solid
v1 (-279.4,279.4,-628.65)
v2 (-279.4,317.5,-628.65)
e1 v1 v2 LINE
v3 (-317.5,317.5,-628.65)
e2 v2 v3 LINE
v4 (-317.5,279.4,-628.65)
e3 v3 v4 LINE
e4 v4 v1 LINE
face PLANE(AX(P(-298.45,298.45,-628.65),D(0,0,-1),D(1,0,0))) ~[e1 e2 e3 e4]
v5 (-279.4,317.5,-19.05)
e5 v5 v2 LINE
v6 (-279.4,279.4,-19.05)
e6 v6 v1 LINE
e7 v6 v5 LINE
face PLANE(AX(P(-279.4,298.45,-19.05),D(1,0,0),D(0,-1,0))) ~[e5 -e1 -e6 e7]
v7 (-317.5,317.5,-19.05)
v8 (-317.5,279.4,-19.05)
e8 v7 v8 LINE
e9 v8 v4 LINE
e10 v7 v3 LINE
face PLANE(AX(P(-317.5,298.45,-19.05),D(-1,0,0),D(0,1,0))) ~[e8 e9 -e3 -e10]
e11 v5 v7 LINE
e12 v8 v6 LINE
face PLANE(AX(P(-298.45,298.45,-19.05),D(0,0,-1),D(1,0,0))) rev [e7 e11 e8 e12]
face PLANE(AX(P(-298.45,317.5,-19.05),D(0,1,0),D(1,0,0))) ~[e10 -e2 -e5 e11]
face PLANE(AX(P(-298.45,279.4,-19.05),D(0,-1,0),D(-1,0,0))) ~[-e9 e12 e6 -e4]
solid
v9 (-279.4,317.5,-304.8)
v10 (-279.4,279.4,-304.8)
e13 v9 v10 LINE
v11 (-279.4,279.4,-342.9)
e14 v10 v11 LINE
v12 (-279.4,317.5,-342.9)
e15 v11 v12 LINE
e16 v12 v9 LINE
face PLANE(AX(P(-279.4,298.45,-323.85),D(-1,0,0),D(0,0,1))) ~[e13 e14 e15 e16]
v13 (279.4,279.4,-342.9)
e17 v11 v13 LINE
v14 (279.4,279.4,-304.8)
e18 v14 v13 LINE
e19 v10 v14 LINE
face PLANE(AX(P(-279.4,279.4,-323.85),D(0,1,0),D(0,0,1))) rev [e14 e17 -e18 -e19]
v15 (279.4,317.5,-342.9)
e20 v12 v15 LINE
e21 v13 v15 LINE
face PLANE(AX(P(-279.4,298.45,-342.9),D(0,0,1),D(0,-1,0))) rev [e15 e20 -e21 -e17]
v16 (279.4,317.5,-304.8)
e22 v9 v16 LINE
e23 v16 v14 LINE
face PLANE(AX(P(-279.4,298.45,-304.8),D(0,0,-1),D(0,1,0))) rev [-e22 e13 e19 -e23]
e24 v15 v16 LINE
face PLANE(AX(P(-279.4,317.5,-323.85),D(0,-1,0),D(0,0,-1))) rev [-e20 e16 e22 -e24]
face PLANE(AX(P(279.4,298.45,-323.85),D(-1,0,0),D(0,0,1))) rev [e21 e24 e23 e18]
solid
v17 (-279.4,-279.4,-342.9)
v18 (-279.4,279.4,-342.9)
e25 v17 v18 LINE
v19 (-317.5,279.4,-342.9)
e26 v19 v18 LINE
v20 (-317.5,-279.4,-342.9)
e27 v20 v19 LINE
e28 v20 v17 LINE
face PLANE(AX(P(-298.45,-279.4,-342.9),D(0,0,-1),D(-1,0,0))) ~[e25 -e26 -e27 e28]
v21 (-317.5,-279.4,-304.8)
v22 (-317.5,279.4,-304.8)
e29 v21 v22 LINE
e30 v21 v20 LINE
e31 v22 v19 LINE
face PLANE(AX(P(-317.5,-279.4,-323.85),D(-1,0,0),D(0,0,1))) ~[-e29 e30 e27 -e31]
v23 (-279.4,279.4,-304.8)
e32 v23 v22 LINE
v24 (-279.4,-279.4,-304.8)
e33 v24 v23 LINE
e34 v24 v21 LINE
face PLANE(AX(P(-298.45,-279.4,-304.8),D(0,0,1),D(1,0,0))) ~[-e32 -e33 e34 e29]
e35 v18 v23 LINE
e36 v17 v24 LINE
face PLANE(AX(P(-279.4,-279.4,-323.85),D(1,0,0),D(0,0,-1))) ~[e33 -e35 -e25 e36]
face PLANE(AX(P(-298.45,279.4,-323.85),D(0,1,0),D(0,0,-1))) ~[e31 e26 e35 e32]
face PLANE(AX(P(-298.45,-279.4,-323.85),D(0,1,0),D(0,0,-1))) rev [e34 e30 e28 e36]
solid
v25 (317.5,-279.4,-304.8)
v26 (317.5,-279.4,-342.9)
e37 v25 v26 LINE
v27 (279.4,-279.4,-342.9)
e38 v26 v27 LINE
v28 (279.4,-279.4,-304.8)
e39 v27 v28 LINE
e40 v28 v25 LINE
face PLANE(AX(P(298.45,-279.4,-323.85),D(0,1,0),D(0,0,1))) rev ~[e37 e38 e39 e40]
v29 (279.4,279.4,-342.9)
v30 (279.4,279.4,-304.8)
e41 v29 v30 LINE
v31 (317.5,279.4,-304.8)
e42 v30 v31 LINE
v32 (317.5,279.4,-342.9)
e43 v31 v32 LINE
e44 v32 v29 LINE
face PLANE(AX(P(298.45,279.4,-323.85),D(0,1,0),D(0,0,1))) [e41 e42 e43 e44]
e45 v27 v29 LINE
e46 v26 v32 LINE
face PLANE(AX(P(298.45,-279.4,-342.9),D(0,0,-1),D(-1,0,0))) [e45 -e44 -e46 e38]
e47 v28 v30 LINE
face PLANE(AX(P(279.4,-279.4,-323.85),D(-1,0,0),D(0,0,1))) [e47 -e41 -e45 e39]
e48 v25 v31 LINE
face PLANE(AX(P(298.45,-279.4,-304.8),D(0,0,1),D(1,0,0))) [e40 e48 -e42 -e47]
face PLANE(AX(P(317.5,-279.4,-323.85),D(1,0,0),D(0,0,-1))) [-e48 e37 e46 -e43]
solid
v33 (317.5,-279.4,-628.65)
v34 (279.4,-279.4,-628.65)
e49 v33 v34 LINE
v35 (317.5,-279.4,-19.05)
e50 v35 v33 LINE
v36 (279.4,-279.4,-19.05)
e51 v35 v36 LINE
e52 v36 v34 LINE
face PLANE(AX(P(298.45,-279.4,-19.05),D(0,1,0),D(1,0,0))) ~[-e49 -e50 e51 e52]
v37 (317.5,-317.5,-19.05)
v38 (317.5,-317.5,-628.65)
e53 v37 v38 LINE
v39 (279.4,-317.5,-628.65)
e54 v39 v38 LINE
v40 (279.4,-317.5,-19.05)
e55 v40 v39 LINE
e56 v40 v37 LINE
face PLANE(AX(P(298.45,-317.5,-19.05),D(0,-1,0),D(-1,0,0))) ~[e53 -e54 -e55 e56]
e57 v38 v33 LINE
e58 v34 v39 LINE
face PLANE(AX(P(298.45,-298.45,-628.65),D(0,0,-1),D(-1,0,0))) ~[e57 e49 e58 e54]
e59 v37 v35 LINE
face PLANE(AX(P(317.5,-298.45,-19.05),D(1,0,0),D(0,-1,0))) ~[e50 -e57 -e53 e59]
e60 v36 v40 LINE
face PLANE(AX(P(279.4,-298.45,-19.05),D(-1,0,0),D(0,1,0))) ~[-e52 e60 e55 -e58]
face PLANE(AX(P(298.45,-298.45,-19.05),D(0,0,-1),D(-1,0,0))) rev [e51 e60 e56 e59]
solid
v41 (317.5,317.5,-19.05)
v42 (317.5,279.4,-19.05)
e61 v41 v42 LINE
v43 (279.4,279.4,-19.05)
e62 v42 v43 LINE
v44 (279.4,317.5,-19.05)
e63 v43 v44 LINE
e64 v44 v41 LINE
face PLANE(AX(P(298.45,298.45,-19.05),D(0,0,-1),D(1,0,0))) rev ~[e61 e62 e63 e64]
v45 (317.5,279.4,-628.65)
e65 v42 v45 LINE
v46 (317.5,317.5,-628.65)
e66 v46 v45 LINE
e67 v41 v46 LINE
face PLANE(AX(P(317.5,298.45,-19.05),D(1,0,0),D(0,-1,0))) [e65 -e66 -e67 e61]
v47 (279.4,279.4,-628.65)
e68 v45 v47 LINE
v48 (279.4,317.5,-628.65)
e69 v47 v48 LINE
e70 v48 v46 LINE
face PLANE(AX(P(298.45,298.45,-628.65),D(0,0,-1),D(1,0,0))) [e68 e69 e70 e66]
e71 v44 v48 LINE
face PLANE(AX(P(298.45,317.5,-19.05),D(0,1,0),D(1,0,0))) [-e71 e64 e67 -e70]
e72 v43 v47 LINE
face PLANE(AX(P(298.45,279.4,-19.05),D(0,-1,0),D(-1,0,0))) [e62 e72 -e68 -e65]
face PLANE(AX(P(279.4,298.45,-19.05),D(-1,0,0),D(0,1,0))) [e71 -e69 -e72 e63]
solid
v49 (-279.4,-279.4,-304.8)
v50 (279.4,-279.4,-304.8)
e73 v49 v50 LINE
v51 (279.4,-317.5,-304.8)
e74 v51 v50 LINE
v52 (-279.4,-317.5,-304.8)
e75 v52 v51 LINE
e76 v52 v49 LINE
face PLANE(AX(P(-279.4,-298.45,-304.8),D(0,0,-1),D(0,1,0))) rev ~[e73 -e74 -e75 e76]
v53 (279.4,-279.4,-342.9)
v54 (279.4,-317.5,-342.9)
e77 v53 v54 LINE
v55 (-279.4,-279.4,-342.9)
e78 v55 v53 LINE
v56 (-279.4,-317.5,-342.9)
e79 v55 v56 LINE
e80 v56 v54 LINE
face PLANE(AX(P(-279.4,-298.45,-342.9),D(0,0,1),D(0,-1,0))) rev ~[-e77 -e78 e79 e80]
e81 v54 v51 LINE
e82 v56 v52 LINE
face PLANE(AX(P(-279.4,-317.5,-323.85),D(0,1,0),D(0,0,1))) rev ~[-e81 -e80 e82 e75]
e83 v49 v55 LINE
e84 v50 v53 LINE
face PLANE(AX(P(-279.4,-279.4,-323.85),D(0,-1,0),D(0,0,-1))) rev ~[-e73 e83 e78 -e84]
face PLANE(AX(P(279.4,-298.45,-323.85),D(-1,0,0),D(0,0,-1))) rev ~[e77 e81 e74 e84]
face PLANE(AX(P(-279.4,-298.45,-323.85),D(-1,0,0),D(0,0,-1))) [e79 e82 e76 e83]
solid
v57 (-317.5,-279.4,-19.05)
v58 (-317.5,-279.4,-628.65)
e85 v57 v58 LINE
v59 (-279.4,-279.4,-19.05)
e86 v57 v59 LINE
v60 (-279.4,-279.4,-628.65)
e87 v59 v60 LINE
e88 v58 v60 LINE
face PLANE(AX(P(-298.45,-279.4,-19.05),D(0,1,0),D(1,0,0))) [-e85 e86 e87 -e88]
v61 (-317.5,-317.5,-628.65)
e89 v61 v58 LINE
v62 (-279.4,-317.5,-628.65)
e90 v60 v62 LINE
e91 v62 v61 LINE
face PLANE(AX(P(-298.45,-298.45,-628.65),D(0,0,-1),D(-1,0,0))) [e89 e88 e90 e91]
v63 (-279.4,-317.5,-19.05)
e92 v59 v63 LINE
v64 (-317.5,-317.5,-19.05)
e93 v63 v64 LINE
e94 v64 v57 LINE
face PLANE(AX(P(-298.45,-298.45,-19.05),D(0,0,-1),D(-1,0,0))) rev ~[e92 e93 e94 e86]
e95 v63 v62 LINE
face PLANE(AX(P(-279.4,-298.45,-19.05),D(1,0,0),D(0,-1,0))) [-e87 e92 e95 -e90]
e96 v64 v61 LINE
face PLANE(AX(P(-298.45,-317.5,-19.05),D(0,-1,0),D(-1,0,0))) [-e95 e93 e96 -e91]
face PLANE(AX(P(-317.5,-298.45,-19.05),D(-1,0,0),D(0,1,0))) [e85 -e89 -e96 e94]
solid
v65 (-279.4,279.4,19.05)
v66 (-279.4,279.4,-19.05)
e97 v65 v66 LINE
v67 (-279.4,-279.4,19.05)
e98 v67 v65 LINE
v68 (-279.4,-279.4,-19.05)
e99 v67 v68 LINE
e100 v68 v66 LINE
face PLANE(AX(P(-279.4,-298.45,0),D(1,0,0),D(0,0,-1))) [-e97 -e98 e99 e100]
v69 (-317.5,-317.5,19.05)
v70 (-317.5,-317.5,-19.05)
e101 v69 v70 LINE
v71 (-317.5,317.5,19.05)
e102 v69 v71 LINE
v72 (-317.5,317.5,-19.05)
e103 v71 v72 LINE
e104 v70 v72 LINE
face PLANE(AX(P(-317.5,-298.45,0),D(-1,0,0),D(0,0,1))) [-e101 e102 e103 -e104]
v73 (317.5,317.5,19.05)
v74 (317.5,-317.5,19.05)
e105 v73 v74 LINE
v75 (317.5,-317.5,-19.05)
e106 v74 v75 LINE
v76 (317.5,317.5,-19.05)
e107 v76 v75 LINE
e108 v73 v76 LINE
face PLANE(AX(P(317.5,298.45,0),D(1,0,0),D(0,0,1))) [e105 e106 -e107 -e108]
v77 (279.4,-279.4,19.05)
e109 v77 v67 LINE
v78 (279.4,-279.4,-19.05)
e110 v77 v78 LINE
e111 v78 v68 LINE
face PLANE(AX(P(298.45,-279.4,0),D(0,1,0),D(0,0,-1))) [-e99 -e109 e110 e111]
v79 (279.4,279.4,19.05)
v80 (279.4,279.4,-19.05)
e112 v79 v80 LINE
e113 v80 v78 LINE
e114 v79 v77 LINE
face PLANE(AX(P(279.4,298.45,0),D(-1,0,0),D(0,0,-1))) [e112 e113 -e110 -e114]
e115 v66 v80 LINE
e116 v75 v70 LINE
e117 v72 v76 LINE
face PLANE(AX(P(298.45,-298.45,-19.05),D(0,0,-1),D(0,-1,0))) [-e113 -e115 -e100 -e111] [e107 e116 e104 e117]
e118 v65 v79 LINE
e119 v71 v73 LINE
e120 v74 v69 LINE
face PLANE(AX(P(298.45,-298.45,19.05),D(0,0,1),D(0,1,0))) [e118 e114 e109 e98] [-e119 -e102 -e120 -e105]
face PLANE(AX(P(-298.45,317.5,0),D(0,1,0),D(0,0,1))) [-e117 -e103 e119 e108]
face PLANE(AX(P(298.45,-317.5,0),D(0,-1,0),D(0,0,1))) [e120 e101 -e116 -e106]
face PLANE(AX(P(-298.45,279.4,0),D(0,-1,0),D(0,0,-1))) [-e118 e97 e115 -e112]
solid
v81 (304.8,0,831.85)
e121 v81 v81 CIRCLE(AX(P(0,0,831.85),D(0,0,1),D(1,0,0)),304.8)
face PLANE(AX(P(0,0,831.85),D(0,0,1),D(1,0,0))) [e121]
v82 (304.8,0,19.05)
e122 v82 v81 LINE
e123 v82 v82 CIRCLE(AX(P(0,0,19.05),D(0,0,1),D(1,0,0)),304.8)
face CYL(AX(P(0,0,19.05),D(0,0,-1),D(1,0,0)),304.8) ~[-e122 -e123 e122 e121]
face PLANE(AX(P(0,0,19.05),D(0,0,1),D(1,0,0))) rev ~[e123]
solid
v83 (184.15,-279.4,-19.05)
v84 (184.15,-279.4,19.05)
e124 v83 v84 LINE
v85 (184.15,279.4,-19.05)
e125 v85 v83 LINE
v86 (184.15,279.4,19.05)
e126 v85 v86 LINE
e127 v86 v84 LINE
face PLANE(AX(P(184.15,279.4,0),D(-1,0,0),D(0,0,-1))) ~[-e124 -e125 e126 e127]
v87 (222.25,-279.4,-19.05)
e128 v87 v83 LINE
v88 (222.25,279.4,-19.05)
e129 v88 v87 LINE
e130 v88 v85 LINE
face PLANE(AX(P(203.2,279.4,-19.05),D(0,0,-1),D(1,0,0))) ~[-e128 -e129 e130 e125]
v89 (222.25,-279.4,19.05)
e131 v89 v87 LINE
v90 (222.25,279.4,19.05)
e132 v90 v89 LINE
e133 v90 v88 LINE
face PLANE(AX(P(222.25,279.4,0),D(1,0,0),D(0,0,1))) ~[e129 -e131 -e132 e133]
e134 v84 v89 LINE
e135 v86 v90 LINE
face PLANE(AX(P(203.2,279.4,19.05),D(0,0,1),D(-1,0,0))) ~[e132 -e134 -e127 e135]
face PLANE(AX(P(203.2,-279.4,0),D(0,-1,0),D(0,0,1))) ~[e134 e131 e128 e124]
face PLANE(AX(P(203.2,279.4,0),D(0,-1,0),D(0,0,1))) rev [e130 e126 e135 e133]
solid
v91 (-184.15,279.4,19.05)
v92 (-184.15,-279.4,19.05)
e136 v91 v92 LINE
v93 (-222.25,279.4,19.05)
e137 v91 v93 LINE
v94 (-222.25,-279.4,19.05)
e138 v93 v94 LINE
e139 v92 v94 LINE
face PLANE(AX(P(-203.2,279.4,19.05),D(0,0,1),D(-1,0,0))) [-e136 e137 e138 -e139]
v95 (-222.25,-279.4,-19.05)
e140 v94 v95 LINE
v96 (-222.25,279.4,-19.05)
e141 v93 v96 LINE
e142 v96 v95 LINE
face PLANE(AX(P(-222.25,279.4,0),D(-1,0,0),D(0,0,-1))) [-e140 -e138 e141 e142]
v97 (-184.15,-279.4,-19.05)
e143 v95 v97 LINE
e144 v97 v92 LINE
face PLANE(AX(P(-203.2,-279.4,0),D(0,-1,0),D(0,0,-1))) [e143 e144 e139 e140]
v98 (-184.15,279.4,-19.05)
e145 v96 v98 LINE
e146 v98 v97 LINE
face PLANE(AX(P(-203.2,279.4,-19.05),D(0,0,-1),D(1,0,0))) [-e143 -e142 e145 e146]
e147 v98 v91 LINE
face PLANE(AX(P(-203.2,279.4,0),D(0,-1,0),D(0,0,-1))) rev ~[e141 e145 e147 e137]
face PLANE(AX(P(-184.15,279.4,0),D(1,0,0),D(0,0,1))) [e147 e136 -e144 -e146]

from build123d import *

# Parameters (mm, degrees)
F2_W      = 38.1
F2_H      = 38.1
F7_W      = 38.1
F7_H      = 38.1
F14_W     = 38.1
F14_H     = 38.1
F19_W     = 38.1
F19_H     = 38.1
F23_W     = 38.1
F23_H     = 38.1
F26_R     = 304.8
F27_DEPTH = 812.8


with BuildPart() as f3:
    # F3: sweep along a path in F0
    with BuildLine(Plane.XY) as f3_path:
        Line((298.45, -298.45), (-298.45, -298.45))
        Line((-298.45, -298.45), (-298.45, 298.45))
        Line((-298.45, 298.45), (298.45, 298.45))
        Line((298.45, 298.45), (298.45, -298.45))
    # F2 (on line) → F3 (sweep)
    with BuildSketch(Plane(origin=(298.45, 0, 0), x_dir=(0, -1, 0), z_dir=(-1, 0, 0))):
        with Locations((298.45, 0)):
            Rectangle(F2_W, F2_H)
    sweep(path=f3_path.line, transition=Transition.RIGHT)


with BuildPart() as f8:
    # F8: sweep along a path in F5
    with BuildLine(Plane.XZ.offset(298.45)) as f8_path:
        Line((-298.45, -19.05), (-298.45, -628.65))
    # F7 (on line) → F8 (sweep)
    with BuildSketch(Plane(origin=(0, 0, -628.65), x_dir=(1, 0, 0), z_dir=(0, 0, -1))):
        with Locations((-298.45, 298.45)):
            Rectangle(F7_W, F7_H)
    sweep(path=f8_path.line)


with BuildPart() as f11_1:
    # F11: instance of F8
    add(f8.part.mirror(Plane.YZ))


with BuildPart() as f12_1:
    # F12: instance of F8
    add(f8.part.mirror(Plane.XZ))


with BuildPart() as f12_2:
    # F12: instance of F11_1
    add(f11_1.part.mirror(Plane.XZ))


with BuildPart() as f15:
    # F15: sweep along a path in F13
    with BuildLine(Plane.XZ.offset(298.45)) as f15_path:
        Line((-279.4, -323.85), (279.4, -323.85))
    # F14 (on face) → F15 (sweep)
    with BuildSketch(Plane(origin=(279.4, 0, 0), x_dir=(0, -1, 0), z_dir=(-1, 0, 0))):
        with Locations((298.45, -323.85)):
            Rectangle(F14_W, F14_H)
    sweep(path=f15_path.line)


with BuildPart() as f16_1:
    # F16: instance of F15
    add(f15.part.mirror(Plane.XZ))


with BuildPart() as f20:
    # F20: sweep along a path in F18
    with BuildLine(Plane.YZ.offset(298.45)) as f20_path:
        Line((-279.4, -323.85), (279.4, -323.85))
    # F19 (on face) → F20 (sweep)
    with BuildSketch(Plane(origin=(0, -279.4, 0), x_dir=(-1, 0, 0), z_dir=(0, 1, 0))):
        with Locations((-298.45, -323.85)):
            Rectangle(F19_W, F19_H)
    sweep(path=f20_path.line)


with BuildPart() as f21_1:
    # F21: instance of F20
    add(f20.part.mirror(Plane.YZ))


with BuildPart() as f24:
    # F24: sweep along a path in F22
    with BuildLine(Plane.XY) as f24_path:
        Line((-203.2, 279.4), (-203.2, -279.4))
    # F23 (on face) → F24 (sweep)
    with BuildSketch(Plane.XZ.offset(-279.4)):
        with Locations((-203.2, 0)):
            Rectangle(F23_W, F23_H)
    sweep(path=f24_path.line)


with BuildPart() as f25_1:
    # F25: instance of F24
    add(f24.part.mirror(Plane.YZ))


with BuildPart() as f27:
    # F26 (on face) → F27 (new body)
    with BuildSketch(Plane.XY.offset(19.05)):
        Circle(F26_R)
    extrude(amount=F27_DEPTH)


solid = Compound([f3.part, f8.part, f11_1.part, f12_1.part, f12_2.part, f15.part, f16_1.part, f20.part, f21_1.part, f24.part, f25_1.part, f27.part])
